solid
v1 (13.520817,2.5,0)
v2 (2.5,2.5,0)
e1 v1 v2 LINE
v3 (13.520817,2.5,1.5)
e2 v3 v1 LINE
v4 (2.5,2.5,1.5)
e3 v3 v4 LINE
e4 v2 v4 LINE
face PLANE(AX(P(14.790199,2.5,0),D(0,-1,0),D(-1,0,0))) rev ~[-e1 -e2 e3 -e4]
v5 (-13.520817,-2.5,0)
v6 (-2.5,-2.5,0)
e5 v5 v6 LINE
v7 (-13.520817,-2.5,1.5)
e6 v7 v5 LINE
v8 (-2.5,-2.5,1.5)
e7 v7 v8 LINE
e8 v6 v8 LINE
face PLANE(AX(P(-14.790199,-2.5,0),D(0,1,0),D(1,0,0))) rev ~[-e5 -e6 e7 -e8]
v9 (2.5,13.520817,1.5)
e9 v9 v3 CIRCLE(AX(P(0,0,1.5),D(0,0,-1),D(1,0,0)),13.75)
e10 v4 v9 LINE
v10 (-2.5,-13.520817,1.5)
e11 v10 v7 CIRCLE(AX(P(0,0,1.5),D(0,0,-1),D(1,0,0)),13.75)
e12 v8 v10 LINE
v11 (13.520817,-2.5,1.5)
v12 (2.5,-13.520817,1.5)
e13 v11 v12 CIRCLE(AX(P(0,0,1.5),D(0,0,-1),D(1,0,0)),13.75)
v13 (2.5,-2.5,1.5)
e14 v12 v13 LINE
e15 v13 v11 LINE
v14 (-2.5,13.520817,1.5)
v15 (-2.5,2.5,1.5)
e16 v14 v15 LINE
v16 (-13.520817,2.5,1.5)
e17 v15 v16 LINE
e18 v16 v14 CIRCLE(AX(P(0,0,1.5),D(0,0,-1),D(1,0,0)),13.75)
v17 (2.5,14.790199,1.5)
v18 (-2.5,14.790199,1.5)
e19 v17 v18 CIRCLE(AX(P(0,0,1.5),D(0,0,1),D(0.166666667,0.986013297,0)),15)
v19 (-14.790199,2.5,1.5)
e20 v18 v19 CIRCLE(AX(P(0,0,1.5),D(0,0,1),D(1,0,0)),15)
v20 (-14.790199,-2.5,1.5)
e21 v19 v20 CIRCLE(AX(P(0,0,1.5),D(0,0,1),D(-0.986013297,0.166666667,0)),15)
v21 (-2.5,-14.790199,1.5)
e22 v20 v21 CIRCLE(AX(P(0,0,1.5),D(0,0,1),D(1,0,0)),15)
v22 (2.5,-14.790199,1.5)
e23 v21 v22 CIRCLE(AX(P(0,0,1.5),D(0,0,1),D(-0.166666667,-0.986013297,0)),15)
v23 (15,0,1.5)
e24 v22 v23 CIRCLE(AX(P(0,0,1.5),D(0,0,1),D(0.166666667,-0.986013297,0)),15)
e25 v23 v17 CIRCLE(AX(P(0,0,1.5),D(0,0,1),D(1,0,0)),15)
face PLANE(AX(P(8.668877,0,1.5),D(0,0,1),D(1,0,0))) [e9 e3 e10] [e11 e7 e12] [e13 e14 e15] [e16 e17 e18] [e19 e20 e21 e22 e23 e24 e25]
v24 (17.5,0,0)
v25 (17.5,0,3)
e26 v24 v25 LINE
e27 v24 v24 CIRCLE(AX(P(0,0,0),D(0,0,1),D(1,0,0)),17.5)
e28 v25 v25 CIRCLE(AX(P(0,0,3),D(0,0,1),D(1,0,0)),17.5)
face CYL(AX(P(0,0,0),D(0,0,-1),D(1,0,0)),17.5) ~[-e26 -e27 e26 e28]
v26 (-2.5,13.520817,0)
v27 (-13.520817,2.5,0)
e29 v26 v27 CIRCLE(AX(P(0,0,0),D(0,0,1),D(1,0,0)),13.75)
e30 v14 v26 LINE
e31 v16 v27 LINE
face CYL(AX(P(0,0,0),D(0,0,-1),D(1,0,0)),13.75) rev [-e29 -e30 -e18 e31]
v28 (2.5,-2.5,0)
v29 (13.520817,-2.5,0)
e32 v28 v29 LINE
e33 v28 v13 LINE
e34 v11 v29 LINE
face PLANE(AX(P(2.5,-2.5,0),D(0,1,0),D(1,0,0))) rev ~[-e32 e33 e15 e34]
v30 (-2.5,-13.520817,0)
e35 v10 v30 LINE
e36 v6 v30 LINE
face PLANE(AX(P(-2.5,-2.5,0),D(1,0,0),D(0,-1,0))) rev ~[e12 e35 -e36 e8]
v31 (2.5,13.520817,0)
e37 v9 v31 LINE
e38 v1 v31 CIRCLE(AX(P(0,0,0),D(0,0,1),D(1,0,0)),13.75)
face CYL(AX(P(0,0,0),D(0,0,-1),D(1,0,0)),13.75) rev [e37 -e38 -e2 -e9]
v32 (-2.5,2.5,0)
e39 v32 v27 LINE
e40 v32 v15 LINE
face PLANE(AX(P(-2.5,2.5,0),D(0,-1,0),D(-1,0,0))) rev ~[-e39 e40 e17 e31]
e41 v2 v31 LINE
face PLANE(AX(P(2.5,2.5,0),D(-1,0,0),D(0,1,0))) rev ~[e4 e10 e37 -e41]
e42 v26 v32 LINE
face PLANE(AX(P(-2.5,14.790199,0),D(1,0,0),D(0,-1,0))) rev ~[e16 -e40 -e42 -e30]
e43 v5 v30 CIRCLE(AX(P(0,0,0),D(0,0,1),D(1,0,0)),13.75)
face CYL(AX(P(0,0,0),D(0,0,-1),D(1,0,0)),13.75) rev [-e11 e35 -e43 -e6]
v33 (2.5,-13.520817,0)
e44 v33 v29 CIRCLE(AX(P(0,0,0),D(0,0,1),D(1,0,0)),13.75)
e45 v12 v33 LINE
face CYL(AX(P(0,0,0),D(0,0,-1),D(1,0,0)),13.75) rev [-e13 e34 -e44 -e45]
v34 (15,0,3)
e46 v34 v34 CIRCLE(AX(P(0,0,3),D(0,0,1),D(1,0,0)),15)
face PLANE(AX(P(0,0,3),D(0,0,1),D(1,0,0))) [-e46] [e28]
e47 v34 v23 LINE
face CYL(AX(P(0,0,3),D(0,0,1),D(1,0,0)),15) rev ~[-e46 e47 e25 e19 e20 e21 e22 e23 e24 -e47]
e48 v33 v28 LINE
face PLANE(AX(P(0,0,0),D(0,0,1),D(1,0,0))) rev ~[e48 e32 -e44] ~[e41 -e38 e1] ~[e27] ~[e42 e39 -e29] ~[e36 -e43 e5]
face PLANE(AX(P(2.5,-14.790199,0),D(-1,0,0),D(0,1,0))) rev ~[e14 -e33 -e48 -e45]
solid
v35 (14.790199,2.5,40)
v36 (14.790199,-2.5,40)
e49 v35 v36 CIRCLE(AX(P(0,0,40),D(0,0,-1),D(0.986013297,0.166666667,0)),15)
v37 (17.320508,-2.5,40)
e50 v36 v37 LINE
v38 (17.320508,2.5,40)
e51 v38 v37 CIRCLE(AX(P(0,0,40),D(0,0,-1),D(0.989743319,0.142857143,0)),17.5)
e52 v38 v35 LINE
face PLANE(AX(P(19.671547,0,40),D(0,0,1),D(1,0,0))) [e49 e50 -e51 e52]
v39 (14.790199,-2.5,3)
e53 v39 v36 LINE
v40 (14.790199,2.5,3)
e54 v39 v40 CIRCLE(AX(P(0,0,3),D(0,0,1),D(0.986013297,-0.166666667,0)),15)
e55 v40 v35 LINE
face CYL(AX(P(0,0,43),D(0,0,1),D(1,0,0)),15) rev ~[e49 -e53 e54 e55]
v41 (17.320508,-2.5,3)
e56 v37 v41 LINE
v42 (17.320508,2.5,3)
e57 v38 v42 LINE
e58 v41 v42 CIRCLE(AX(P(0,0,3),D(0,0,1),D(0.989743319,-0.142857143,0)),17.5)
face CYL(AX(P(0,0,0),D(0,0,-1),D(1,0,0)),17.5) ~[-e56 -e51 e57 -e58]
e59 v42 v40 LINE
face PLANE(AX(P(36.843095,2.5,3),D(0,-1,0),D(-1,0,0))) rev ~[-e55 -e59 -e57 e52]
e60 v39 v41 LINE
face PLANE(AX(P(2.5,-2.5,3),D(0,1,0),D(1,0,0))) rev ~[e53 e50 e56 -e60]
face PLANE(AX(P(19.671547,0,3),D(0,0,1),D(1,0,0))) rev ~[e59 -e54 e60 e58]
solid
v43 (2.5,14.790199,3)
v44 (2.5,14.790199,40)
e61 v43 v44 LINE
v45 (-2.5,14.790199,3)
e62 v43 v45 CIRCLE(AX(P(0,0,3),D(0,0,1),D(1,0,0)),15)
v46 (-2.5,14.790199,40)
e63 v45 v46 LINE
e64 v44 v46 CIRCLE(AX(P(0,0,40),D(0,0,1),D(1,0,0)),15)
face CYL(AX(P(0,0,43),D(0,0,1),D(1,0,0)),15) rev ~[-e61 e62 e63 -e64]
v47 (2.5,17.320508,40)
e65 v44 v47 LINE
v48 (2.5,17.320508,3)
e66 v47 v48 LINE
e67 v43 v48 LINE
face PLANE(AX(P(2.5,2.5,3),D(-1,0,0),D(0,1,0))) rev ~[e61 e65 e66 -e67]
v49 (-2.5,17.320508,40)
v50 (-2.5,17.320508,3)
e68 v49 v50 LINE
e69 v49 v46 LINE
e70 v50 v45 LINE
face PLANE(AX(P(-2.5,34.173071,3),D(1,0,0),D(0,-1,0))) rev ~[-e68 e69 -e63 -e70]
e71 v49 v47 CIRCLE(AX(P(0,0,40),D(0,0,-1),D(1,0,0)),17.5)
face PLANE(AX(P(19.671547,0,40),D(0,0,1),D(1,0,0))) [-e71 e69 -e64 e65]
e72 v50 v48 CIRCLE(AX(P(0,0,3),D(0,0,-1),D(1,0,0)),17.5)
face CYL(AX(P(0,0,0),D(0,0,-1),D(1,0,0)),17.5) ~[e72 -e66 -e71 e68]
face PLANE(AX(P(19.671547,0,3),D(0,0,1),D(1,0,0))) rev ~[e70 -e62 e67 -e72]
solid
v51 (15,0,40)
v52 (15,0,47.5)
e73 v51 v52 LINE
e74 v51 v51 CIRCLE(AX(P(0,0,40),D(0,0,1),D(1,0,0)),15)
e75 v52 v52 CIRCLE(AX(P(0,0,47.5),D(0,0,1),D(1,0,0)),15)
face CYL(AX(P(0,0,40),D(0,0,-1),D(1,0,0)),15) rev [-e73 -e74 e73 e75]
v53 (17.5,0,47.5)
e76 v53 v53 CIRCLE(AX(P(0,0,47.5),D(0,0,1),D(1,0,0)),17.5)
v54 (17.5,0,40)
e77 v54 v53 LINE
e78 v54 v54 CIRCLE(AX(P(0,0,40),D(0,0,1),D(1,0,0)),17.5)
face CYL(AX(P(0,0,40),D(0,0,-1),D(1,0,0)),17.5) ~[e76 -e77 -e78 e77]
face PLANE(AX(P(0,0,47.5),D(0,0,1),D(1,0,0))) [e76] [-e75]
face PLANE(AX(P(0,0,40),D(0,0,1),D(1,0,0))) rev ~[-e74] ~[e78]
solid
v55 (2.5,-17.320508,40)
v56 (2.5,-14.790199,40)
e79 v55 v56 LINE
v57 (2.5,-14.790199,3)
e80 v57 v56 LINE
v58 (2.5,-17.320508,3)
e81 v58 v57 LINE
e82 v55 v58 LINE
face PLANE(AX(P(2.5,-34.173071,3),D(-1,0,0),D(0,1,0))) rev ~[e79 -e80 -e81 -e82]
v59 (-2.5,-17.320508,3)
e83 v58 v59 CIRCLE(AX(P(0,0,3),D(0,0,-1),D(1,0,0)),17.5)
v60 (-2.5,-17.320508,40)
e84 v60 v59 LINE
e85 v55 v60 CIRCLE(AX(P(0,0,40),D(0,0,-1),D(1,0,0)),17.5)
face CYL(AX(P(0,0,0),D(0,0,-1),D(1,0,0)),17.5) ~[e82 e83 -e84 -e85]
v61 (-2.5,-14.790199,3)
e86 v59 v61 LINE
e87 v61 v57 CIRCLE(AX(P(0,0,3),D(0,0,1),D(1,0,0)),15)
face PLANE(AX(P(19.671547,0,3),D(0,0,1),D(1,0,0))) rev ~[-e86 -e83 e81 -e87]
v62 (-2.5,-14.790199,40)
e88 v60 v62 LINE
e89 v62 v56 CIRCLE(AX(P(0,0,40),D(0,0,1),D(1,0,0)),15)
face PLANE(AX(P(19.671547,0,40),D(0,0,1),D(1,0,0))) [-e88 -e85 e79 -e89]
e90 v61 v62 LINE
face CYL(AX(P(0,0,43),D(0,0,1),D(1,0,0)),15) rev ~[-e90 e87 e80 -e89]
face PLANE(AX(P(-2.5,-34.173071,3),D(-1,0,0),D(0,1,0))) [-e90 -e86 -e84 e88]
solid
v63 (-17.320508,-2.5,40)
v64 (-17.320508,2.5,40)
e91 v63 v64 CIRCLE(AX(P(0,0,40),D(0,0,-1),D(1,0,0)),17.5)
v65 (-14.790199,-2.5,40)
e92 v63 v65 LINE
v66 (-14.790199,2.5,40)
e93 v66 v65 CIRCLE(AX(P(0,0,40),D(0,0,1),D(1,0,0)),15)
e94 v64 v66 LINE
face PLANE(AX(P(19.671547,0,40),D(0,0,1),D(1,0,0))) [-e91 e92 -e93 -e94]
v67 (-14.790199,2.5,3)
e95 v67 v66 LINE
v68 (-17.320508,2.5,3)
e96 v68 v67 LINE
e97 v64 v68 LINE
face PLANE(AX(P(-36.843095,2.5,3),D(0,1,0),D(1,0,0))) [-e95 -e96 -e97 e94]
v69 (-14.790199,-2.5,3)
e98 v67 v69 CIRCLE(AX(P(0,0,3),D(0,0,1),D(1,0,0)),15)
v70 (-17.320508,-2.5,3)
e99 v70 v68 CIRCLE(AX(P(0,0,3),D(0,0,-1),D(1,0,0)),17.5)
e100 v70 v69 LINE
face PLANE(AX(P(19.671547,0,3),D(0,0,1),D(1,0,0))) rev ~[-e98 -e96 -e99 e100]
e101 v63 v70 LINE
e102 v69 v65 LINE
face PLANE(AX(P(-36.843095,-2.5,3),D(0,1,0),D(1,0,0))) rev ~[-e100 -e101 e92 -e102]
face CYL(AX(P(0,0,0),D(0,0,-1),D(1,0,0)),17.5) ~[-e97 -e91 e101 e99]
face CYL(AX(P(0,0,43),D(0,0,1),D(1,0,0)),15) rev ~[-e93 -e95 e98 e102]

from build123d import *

# Parameters (mm, degrees)
F0_R      = 17.5
F0_R_2    = 13.75
F1_DEPTH  = 43
F2_R      = 15
F2_R_2    = 13.75
F3_DEPTH  = 41.5
F5_W      = 34.3430949748
F5_H      = 5
F5_W_2    = 5
F5_H_2    = 31.6730713844
F6_DEPTH  = 37
F7_R      = 17.5
F7_R_2    = 13.75
F8_DEPTH  = 3
F10_R     = 17.5
F10_R_2   = 15
F11_DEPTH = 7.5
F12_R     = 15
F13_DEPTH = 1.5
F14_W     = 5
F14_H     = 5
F15_DEPTH = 1.5


with BuildPart() as f1:
    # F0 (on Top) → F1 (new body)
    with BuildSketch(Plane.XY):
        Circle(F0_R)
        Circle(F0_R_2, mode=Mode.SUBTRACT)
    extrude(amount=F1_DEPTH)

    # F2 (on face) → F3 (cut)
    with BuildSketch(Plane.XY.offset(43)):
        Circle(F2_R)
        Circle(F2_R_2, mode=Mode.SUBTRACT)
    extrude(amount=-F3_DEPTH, mode=Mode.SUBTRACT)

    # F5 (on offset) → F6 (intersect)
    with BuildSketch(Plane.XY.offset(3)):
        with Locations((19.6715474874, 0)):
            Rectangle(F5_W, F5_H)
        Rectangle(F5_W_2, F5_H)
        with Locations((0, 18.3365356922)):
            Rectangle(F5_W_2, F5_H_2)
        with Locations((-19.6715474874, 0)):
            Rectangle(F5_W, F5_H)
        with Locations((0, -18.3365356922)):
            Rectangle(F5_W_2, F5_H_2)
    extrude(amount=F6_DEPTH, mode=Mode.INTERSECT)


with BuildPart() as f8:
    # F7 (on Top) → F8 (new body)
    with BuildSketch(Plane.XY):
        Circle(F7_R)
        Circle(F7_R_2, mode=Mode.SUBTRACT)
    extrude(amount=F8_DEPTH)

    # F12 (on face) → F13 (cut)
    with BuildSketch(Plane.XY.offset(3)):
        Circle(F12_R)
    extrude(amount=-F13_DEPTH, mode=Mode.SUBTRACT)

    # F14 (on Top) → F15 (join)
    with BuildSketch(Plane.XY):
        with BuildLine():
            ThreePointArc((14.7901994577, -2.5), (14.9474578418, -1.2543939042), (15, 0))
            ThreePointArc((15, 0), (14.9474578418, 1.2543939042), (14.7901994577, 2.5))
            Line((14.7901994577, 2.5), (2.5, 2.5))
            Line((2.5, 2.5), (2.5, -2.5))
            Line((2.5, -2.5), (14.7901994577, -2.5))
        make_face()
        Rectangle(F14_W, F14_H)
        with BuildLine():
            Line((2.5, 2.5), (2.5, 14.7901994577))
            ThreePointArc((2.5, 14.7901994577), (0, 15), (-2.5, 14.7901994577))
            Line((-2.5, 14.7901994577), (-2.5, 2.5))
            Line((-2.5, 2.5), (2.5, 2.5))
        make_face()
        with BuildLine():
            ThreePointArc((-2.5, -14.7901994577), (0, -15), (2.5, -14.7901994577))
            Line((2.5, -14.7901994577), (2.5, -2.5))
            Line((2.5, -2.5), (-2.5, -2.5))
            Line((-2.5, -2.5), (-2.5, -14.7901994577))
        make_face()
        with BuildLine():
            Line((-2.5, -2.5), (-2.5, 2.5))
            Line((-2.5, 2.5), (-14.7901994577, 2.5))
            ThreePointArc((-14.7901994577, 2.5), (-15, 0), (-14.7901994577, -2.5))
            Line((-14.7901994577, -2.5), (-2.5, -2.5))
        make_face()
    extrude(amount=F15_DEPTH)


with BuildPart() as f11:
    # F10 (on offset) → F11 (new body)
    with BuildSketch(Plane.XY.offset(40)):
        Circle(F10_R)
        Circle(F10_R_2, mode=Mode.SUBTRACT)
    extrude(amount=F11_DEPTH)


solid = Compound([f1.part, f8.part, f11.part])
